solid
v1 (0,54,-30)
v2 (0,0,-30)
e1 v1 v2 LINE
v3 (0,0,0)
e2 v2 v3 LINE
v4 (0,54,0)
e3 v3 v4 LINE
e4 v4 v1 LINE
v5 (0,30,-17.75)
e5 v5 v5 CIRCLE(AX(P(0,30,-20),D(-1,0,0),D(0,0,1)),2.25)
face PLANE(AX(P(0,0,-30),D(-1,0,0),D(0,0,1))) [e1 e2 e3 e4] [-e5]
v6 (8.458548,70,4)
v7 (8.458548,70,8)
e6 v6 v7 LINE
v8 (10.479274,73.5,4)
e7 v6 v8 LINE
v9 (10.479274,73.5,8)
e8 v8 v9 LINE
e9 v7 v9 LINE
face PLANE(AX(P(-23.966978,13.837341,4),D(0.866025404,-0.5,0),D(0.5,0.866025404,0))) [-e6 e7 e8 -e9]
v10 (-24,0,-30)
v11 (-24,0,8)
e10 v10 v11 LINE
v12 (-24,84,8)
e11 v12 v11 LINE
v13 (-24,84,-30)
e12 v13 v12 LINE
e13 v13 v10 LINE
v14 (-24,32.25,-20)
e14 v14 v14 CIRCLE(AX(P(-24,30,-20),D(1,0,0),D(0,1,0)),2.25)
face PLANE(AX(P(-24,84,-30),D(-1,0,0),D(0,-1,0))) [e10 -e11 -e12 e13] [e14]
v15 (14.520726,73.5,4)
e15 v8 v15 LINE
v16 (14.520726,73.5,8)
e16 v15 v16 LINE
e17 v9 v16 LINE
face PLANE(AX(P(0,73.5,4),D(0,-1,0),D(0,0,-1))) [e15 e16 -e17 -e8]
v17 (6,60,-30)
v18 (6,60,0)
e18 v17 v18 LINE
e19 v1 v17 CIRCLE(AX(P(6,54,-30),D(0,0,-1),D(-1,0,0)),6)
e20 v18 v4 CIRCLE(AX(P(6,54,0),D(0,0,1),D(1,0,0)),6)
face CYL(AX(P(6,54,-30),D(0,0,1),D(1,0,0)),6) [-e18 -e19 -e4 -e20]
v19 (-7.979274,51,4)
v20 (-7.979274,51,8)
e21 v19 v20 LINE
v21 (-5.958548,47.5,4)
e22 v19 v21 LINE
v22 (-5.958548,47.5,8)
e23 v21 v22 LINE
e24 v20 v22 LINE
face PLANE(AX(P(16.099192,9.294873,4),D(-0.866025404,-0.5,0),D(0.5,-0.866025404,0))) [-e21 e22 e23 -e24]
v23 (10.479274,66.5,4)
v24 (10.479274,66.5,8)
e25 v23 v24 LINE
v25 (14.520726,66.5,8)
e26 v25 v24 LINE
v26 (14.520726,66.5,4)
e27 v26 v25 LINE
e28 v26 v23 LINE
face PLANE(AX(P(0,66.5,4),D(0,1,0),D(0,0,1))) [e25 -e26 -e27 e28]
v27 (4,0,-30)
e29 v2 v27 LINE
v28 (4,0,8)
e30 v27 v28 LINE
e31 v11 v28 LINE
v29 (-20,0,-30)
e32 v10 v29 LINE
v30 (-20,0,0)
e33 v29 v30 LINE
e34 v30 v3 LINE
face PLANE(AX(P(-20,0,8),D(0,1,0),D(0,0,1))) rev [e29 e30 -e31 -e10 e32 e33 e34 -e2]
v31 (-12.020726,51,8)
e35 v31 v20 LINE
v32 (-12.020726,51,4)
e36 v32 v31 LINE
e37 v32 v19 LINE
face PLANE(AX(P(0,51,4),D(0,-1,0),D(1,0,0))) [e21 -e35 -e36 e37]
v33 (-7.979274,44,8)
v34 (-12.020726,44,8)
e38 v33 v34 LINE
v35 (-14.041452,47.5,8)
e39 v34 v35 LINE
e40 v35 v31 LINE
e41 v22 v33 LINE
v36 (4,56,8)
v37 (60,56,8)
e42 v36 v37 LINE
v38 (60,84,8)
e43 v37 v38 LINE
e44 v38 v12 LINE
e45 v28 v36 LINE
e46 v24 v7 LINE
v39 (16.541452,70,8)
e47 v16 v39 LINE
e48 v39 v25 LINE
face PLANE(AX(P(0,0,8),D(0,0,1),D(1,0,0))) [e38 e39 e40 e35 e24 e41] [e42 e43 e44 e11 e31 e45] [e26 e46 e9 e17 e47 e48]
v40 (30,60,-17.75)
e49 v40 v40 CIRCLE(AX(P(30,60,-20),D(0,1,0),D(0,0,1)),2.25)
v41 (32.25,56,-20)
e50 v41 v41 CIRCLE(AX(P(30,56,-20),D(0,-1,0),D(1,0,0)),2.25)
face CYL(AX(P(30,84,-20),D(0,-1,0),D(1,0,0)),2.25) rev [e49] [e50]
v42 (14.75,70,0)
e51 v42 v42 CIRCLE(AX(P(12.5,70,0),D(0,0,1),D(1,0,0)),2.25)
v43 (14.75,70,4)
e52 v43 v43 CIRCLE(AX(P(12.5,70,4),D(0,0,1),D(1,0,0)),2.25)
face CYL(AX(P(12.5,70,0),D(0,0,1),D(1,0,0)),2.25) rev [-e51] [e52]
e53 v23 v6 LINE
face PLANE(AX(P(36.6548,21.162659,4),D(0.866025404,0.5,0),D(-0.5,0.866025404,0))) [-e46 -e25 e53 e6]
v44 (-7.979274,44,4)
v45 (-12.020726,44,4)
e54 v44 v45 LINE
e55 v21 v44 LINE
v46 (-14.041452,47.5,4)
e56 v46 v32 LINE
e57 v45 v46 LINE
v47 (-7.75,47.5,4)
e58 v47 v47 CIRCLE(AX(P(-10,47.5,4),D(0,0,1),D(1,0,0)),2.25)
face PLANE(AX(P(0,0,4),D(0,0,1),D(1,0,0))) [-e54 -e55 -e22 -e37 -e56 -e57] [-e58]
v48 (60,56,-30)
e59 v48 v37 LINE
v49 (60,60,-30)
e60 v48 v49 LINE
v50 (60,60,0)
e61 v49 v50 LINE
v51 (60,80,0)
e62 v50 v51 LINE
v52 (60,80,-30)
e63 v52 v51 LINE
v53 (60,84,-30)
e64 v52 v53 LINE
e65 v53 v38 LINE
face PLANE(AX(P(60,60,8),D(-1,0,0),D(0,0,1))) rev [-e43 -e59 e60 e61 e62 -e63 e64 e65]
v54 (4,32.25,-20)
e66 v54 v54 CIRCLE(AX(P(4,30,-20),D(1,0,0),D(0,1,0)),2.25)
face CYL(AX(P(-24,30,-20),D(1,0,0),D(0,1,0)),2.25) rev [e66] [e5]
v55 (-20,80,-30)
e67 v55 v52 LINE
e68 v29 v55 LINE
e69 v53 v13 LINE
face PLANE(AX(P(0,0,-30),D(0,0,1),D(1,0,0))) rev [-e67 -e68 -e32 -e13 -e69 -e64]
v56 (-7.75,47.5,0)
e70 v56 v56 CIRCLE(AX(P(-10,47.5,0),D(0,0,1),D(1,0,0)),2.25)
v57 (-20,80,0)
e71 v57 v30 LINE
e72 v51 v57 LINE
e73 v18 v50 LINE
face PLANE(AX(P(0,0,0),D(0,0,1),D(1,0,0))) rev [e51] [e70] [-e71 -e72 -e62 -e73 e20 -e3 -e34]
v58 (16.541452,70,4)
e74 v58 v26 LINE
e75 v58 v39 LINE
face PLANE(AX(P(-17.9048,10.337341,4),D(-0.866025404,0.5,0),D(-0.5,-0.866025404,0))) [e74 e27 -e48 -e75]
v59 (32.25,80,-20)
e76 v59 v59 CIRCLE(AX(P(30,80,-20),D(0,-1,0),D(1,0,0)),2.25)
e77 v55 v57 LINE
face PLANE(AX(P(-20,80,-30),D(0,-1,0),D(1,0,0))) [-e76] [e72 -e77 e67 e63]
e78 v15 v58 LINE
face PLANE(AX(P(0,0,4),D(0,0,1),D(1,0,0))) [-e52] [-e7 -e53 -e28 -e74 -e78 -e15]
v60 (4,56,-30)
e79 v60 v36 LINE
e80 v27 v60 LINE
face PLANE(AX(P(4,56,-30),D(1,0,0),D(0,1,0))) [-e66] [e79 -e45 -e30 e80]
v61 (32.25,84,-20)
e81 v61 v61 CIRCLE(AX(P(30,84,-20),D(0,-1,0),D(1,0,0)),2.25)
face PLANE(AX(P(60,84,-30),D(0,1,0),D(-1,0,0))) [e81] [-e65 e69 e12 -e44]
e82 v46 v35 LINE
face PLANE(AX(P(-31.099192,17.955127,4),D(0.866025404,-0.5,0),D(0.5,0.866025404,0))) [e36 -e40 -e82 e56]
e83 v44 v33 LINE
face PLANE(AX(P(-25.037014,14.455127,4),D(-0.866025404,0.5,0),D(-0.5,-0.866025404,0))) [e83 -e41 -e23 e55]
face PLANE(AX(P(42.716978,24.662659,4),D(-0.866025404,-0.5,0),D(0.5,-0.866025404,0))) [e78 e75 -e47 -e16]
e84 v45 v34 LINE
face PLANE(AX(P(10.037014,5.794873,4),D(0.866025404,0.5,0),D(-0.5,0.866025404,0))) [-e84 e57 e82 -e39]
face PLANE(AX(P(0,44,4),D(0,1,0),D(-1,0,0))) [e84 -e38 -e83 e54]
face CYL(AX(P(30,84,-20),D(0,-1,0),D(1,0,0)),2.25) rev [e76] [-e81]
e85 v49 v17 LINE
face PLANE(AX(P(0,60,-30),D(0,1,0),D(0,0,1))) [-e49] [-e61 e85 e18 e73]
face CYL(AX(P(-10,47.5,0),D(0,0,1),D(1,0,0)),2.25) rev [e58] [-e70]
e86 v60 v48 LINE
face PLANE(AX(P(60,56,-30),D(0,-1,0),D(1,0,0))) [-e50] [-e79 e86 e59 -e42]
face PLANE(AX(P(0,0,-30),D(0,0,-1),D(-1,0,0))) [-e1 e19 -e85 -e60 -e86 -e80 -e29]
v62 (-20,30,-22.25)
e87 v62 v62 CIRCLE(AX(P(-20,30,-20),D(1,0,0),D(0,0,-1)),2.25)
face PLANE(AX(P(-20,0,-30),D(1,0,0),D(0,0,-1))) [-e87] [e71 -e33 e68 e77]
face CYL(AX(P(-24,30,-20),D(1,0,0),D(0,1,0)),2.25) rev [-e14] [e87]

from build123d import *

# Parameters (mm, degrees)
BOSS_EXTRU_1_DEPTH      = 8
ENL_V_MAT_EXTRU_1_DEPTH = 4
ESQUISSE3_R             = 2.25
ENL_V_MAT_EXTRU_2_DEPTH = 5
BOSS_EXTRU_2_DEPTH      = 38
ESQUISSE5_R             = 2.25
ENL_V_MAT_EXTRU_3_DEPTH = 29
ESQUISSE6_R             = 2.25
ENL_V_MAT_EXTRU_4_DEPTH = 29
CONG_1_R                = 6


with BuildPart() as part:
    # Esquisse1 → Boss.-Extru.1 (new body)
    with BuildSketch(Plane.XY):
        Polygon((0, 0), (0, 60), (60, 60), (60, 80), (-20, 80), (-20, 0), align=None)
    extrude(amount=BOSS_EXTRU_1_DEPTH)

    # Esquisse2 → Enlèv. mat.-Extru.1 (cut)
    with BuildSketch(Plane.XY.offset(8)):
        Polygon((-14.041451884, 47.5), (-12.020725942, 51), (-7.979274058, 51), (-5.958548116, 47.5), (-7.979274058, 44), (-12.020725942, 44), align=None)
        Polygon((8.458548116, 70), (10.479274058, 73.5), (14.520725942, 73.5), (16.541451884, 70), (14.520725942, 66.5), (10.479274058, 66.5), align=None)
    extrude(amount=-ENL_V_MAT_EXTRU_1_DEPTH, mode=Mode.SUBTRACT)

    # Esquisse3 → Enlèv. mat.-Extru.2 (cut, through all)
    with BuildSketch(Plane.XY.offset(4)):
        with Locations((-10, 47.5)):
            Circle(ESQUISSE3_R)
        with Locations((12.5, 70)):
            Circle(ESQUISSE3_R)
    extrude(amount=-ENL_V_MAT_EXTRU_2_DEPTH, mode=Mode.SUBTRACT)

    # Esquisse4 → Boss.-Extru.2 (add)
    with BuildSketch(Plane.XY.offset(8)):
        Polygon((0, 0), (0, 60), (60, 60), (60, 56), (4, 56), (4, 0), align=None)
        Polygon((60, 80), (60, 84), (-24, 84), (-24, 0), (-20, 0), (-20, 80), align=None)
    extrude(amount=-BOSS_EXTRU_2_DEPTH)

    # Esquisse5 → Enlèv. mat.-Extru.3 (cut, through all)
    with BuildSketch(Plane.XZ.offset(-56)):
        with Locations((30, -20)):
            Circle(ESQUISSE5_R)
    extrude(amount=-ENL_V_MAT_EXTRU_3_DEPTH, mode=Mode.SUBTRACT)

    # Esquisse6 → Enlèv. mat.-Extru.4 (cut, through all)
    with BuildSketch(Plane(origin=(4, 0, 0), x_dir=(0, 0, -1), z_dir=(1, 0, 0))):
        with Locations(Location((20, 30, 0), (0, 0, 90))):  # turned: the seam where the file's is
            Circle(ESQUISSE6_R)
    extrude(amount=-ENL_V_MAT_EXTRU_4_DEPTH, mode=Mode.SUBTRACT)

    # Congé1
    cong_1_edges = [part.edges().sort_by_distance(p)[0] for p in [
        (0, 60, -15),
    ]]
    fillet(cong_1_edges, radius=CONG_1_R)


solid = part.part
